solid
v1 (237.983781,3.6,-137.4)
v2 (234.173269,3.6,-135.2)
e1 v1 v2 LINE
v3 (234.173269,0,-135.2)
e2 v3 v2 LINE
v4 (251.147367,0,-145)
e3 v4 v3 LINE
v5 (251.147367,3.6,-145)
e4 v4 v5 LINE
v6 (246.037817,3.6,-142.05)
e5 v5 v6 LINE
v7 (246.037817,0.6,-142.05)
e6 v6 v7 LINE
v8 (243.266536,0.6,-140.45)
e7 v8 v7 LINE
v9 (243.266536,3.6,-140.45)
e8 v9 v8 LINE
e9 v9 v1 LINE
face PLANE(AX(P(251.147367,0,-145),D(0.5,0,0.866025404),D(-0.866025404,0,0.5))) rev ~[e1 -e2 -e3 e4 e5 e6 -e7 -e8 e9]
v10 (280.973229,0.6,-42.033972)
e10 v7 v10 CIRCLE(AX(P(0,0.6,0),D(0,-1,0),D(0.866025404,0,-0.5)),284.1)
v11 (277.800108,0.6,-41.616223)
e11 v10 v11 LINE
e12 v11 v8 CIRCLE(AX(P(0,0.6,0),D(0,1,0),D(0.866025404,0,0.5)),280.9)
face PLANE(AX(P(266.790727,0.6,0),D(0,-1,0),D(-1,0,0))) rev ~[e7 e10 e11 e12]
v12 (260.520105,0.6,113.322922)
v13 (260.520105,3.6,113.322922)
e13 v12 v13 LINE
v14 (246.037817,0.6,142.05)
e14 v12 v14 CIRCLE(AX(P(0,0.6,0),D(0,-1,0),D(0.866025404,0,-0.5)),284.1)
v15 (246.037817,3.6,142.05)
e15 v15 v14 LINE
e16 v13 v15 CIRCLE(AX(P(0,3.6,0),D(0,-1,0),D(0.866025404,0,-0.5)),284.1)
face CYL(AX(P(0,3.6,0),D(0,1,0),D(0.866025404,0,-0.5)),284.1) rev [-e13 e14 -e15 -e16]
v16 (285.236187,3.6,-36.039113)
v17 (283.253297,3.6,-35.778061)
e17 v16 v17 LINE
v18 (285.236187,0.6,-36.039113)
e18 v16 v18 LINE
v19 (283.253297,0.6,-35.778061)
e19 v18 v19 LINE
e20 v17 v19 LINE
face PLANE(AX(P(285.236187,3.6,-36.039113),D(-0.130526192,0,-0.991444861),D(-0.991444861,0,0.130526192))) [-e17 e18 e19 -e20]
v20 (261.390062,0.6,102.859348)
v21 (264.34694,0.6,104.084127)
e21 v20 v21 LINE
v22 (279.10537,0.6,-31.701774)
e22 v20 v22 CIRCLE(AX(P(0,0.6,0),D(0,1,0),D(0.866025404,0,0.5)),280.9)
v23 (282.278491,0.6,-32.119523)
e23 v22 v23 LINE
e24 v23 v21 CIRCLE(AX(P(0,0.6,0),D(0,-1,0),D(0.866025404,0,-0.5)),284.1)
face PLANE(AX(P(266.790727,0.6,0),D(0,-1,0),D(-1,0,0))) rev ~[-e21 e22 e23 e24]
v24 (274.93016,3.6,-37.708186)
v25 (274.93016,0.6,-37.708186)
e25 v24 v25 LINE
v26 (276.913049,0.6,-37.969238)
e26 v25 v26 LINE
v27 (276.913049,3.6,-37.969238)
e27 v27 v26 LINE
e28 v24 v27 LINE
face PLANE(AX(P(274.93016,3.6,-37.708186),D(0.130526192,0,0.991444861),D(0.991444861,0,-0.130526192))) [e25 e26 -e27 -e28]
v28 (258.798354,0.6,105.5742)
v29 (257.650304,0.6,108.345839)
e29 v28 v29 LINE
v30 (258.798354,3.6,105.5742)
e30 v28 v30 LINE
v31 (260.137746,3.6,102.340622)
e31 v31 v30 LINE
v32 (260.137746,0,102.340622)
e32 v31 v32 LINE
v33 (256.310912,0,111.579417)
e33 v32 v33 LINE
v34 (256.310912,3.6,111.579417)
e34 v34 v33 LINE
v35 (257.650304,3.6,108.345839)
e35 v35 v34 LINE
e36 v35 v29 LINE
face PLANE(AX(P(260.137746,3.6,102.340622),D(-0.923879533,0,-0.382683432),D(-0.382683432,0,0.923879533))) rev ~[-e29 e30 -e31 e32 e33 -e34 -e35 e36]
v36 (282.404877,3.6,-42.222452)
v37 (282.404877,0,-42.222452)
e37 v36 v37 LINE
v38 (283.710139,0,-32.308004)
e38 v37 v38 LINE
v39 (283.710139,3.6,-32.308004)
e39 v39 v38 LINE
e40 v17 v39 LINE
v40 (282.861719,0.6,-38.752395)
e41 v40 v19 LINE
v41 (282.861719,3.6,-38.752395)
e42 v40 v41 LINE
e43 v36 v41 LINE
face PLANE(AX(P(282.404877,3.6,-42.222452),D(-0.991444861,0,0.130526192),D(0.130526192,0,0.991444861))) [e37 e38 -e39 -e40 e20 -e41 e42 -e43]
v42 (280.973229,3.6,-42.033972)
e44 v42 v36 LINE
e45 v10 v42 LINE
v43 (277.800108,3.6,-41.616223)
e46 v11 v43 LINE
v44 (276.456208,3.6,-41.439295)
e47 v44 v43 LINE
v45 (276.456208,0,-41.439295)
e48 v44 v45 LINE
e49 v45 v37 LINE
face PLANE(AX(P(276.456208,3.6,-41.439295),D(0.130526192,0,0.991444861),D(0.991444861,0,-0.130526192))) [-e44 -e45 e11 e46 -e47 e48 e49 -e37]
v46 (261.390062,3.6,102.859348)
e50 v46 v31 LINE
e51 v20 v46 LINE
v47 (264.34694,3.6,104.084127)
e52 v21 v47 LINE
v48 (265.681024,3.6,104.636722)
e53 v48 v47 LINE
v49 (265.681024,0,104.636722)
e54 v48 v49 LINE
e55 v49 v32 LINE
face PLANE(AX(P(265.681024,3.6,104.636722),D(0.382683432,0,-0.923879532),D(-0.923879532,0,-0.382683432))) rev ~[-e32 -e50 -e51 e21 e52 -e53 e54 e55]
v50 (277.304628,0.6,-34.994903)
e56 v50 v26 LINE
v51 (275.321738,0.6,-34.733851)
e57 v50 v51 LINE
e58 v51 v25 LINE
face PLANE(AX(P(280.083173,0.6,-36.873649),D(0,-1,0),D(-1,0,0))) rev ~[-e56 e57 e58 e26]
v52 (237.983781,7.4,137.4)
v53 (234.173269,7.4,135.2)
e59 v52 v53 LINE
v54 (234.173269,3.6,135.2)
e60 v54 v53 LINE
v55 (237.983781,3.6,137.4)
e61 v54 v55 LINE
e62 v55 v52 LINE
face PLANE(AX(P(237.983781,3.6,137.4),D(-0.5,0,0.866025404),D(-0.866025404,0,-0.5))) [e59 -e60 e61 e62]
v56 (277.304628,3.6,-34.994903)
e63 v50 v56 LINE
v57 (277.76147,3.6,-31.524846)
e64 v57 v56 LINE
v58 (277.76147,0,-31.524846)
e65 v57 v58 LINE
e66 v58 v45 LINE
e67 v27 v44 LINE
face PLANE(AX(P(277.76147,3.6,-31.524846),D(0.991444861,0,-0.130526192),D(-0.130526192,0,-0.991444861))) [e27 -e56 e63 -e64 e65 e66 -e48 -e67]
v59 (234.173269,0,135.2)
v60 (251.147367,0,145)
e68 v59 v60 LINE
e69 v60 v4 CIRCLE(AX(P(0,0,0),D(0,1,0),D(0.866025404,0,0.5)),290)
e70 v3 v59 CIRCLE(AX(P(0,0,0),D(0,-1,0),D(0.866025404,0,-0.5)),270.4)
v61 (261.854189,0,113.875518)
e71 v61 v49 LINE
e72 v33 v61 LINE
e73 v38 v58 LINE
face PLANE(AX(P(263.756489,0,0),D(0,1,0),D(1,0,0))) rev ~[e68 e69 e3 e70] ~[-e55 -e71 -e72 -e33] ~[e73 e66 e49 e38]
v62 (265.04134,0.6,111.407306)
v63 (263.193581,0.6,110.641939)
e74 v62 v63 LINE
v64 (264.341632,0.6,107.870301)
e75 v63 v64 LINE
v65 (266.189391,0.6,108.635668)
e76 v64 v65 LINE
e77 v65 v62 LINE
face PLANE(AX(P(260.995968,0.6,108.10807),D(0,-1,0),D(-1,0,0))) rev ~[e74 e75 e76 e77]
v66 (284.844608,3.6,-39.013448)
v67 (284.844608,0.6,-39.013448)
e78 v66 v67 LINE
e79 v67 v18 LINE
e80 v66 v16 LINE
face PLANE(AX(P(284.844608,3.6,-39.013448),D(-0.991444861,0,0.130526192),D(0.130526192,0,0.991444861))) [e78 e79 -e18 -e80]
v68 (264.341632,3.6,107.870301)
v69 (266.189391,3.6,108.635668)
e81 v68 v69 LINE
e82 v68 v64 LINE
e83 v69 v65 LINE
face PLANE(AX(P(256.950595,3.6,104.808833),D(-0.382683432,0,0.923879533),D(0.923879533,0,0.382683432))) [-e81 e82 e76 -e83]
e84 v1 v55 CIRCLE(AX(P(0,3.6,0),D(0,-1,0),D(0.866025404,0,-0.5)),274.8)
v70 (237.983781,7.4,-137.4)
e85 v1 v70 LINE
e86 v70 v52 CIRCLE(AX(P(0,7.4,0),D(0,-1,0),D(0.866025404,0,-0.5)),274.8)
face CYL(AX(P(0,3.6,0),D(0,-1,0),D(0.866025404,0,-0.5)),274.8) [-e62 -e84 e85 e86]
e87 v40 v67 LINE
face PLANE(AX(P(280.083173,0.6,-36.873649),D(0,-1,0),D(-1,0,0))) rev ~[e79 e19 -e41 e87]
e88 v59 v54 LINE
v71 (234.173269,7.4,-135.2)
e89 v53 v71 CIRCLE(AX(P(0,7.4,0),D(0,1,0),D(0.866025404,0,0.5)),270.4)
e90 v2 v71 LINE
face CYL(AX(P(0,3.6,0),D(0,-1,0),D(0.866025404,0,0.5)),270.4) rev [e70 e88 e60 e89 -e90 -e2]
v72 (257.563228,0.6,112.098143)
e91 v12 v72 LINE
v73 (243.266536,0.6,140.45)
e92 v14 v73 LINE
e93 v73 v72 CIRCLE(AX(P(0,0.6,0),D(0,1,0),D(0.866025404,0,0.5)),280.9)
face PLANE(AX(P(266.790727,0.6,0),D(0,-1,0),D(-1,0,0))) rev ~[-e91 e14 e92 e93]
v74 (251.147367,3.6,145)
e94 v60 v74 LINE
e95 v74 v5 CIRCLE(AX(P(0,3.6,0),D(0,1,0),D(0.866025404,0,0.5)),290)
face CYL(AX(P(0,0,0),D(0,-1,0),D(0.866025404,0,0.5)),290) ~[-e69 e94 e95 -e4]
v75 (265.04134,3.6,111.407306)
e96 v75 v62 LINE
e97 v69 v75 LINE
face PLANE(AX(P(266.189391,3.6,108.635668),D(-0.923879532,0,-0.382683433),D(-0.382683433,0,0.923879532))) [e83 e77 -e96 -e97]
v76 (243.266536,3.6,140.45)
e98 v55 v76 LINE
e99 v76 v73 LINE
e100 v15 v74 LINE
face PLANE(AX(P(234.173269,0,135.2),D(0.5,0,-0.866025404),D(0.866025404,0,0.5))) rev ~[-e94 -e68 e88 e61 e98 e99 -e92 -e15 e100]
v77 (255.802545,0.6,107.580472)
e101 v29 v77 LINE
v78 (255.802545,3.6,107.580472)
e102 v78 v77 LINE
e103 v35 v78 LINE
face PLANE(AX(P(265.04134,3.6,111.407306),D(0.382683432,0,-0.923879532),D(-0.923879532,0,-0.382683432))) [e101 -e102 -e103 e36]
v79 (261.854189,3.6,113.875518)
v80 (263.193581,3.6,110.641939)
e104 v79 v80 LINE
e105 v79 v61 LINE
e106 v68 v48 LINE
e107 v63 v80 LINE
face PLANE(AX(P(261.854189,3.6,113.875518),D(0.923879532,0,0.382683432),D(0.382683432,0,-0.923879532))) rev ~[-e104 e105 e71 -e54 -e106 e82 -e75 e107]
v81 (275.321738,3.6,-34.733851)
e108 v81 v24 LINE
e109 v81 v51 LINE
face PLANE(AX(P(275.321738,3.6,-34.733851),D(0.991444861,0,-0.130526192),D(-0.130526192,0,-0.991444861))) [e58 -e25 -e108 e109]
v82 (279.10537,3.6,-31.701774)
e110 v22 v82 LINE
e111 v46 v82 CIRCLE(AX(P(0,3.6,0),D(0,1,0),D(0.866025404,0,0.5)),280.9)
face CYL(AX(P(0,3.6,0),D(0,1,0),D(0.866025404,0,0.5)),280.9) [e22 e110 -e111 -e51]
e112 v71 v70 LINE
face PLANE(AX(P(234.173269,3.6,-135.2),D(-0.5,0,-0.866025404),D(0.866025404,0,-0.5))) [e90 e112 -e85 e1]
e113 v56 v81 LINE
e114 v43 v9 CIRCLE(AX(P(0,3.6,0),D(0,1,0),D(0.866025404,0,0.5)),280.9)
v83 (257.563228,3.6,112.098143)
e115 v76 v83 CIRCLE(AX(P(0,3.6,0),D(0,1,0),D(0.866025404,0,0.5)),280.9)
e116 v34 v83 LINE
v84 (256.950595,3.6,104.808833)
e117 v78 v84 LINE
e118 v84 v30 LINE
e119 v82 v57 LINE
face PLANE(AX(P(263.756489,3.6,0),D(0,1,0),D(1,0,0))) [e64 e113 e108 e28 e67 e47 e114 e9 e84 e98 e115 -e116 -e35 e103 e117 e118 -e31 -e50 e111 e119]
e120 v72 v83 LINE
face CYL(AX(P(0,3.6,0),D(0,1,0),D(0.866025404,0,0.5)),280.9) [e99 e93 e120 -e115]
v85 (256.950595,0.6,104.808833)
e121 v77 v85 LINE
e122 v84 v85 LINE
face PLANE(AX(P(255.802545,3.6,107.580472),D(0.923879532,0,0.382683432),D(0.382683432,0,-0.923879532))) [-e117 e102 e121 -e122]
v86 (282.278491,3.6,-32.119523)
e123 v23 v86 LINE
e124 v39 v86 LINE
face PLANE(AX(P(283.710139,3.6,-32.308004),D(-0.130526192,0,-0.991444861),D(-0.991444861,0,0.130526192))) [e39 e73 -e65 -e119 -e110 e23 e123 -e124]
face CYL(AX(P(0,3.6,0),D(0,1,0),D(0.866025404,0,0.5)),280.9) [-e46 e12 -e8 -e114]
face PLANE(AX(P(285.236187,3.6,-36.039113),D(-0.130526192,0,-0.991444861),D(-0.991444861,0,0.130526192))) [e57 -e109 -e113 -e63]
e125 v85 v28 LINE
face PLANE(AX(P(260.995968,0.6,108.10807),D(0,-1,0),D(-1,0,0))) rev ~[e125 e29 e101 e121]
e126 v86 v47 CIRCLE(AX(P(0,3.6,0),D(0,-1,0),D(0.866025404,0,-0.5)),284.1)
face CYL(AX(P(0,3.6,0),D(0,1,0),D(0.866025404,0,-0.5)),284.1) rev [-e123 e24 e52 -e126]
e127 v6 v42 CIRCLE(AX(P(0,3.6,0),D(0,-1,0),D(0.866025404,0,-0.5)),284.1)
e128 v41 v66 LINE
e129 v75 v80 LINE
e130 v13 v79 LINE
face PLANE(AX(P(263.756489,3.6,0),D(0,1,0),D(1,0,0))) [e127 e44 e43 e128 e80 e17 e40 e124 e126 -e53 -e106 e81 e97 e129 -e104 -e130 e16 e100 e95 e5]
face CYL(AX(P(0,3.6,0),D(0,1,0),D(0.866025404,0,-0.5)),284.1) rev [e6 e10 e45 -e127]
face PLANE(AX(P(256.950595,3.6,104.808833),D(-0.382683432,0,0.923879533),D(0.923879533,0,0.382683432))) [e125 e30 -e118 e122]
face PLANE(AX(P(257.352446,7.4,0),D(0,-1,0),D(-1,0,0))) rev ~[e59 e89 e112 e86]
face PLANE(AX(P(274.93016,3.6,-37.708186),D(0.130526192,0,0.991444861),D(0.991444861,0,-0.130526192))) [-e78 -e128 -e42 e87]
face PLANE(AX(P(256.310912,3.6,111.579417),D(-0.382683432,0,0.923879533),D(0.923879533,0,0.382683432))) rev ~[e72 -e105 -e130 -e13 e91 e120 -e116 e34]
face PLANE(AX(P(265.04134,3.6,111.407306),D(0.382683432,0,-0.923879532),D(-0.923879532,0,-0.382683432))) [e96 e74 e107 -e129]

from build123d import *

# Parameters (mm, degrees)
AUFSATZ_LINEAR_AUSTRAGEN1_DEPTH = 3.6
SCHNITT_LINEAR_AUSTRAGEN1_DEPTH = 3
SCHNITT_LINEAR_AUSTRAGEN2_DEPTH = 325.249841943
SCHNITT_LINEAR_AUSTRAGEN3_DEPTH = 3
AUFSATZ_LINEAR_AUSTRAGEN2_DEPTH = 3.8


with BuildPart() as part:
    # Skizze1 → Aufsatz-Linear austragen1 (new body)
    with BuildSketch(Plane(origin=(0, 0, 0), x_dir=(1, 0, 0), z_dir=(0, 1, 0))):
        with BuildLine():
            Line((251.147367097, 145), (234.173269183, 135.2))
            ThreePointArc((234.173269183, 135.2), (270.4, 0), (234.173269183, -135.2))
            Line((234.173269183, -135.2), (251.147367097, -145))
            ThreePointArc((251.147367097, -145), (290, 0), (251.147367097, 145))
        make_face()
    extrude(amount=AUFSATZ_LINEAR_AUSTRAGEN1_DEPTH)

    # Skizze2 → Schnitt-Linear austragen1 (cut)
    with BuildSketch(Plane(origin=(0, 3.6, 0), x_dir=(1, 0, 0), z_dir=(0, 1, 0))):
        with BuildLine():
            Line((243.266535923, 140.45), (246.037817215, 142.05))
            ThreePointArc((246.037817215, 142.05), (284.1, 0), (246.037817215, -142.05))
            Line((246.037817215, -142.05), (243.266535923, -140.45))
            ThreePointArc((243.266535923, -140.45), (280.9, 0), (243.266535923, 140.45))
        make_face()
    extrude(amount=-SCHNITT_LINEAR_AUSTRAGEN1_DEPTH, mode=Mode.SUBTRACT)

    # Skizze3 → Schnitt-Linear austragen2 (cut, through all)
    with BuildSketch(Plane(origin=(0, 3.6, 0), x_dir=(1, 0, 0), z_dir=(0, 1, 0))):
        Polygon((276.456207793, 41.439295032), (282.404876961, 42.222452186), (283.710138883, 32.308003572), (277.761469715, 31.524846419), align=None)
        Polygon((256.310912175, -111.579417009), (261.85418937, -113.875517603), (265.681023694, -104.636722278), (260.137746499, -102.340621683), align=None)
    extrude(amount=-SCHNITT_LINEAR_AUSTRAGEN2_DEPTH, mode=Mode.SUBTRACT)

    # Skizze4 → Schnitt-Linear austragen3 (cut)
    with BuildSketch(Plane(origin=(0, 3.6, 0), x_dir=(1, 0, 0), z_dir=(0, 1, 0))):
        Polygon((256.95059542, -104.808833183), (266.189390746, -108.635667506), (265.041340448, -111.407306104), (255.802545123, -107.58047178), align=None)
        Polygon((274.930159743, 37.708185633), (284.844608357, 39.013447555), (285.236186933, 36.039112971), (275.32173832, 34.733851049), align=None)
    extrude(amount=-SCHNITT_LINEAR_AUSTRAGEN3_DEPTH, mode=Mode.SUBTRACT)

    # Skizze5 → Aufsatz-Linear austragen2 (add)
    with BuildSketch(Plane(origin=(0, 3.6, 0), x_dir=(1, 0, 0), z_dir=(0, 1, 0))):
        with BuildLine():
            Line((234.173269183, 135.2), (237.98378096, 137.4))
            ThreePointArc((237.98378096, 137.4), (274.8, 0), (237.98378096, -137.4))
            Line((237.98378096, -137.4), (234.173269183, -135.2))
            ThreePointArc((234.173269183, -135.2), (270.4, 0), (234.173269183, 135.2))
        make_face()
    extrude(amount=AUFSATZ_LINEAR_AUSTRAGEN2_DEPTH)


solid = part.part
